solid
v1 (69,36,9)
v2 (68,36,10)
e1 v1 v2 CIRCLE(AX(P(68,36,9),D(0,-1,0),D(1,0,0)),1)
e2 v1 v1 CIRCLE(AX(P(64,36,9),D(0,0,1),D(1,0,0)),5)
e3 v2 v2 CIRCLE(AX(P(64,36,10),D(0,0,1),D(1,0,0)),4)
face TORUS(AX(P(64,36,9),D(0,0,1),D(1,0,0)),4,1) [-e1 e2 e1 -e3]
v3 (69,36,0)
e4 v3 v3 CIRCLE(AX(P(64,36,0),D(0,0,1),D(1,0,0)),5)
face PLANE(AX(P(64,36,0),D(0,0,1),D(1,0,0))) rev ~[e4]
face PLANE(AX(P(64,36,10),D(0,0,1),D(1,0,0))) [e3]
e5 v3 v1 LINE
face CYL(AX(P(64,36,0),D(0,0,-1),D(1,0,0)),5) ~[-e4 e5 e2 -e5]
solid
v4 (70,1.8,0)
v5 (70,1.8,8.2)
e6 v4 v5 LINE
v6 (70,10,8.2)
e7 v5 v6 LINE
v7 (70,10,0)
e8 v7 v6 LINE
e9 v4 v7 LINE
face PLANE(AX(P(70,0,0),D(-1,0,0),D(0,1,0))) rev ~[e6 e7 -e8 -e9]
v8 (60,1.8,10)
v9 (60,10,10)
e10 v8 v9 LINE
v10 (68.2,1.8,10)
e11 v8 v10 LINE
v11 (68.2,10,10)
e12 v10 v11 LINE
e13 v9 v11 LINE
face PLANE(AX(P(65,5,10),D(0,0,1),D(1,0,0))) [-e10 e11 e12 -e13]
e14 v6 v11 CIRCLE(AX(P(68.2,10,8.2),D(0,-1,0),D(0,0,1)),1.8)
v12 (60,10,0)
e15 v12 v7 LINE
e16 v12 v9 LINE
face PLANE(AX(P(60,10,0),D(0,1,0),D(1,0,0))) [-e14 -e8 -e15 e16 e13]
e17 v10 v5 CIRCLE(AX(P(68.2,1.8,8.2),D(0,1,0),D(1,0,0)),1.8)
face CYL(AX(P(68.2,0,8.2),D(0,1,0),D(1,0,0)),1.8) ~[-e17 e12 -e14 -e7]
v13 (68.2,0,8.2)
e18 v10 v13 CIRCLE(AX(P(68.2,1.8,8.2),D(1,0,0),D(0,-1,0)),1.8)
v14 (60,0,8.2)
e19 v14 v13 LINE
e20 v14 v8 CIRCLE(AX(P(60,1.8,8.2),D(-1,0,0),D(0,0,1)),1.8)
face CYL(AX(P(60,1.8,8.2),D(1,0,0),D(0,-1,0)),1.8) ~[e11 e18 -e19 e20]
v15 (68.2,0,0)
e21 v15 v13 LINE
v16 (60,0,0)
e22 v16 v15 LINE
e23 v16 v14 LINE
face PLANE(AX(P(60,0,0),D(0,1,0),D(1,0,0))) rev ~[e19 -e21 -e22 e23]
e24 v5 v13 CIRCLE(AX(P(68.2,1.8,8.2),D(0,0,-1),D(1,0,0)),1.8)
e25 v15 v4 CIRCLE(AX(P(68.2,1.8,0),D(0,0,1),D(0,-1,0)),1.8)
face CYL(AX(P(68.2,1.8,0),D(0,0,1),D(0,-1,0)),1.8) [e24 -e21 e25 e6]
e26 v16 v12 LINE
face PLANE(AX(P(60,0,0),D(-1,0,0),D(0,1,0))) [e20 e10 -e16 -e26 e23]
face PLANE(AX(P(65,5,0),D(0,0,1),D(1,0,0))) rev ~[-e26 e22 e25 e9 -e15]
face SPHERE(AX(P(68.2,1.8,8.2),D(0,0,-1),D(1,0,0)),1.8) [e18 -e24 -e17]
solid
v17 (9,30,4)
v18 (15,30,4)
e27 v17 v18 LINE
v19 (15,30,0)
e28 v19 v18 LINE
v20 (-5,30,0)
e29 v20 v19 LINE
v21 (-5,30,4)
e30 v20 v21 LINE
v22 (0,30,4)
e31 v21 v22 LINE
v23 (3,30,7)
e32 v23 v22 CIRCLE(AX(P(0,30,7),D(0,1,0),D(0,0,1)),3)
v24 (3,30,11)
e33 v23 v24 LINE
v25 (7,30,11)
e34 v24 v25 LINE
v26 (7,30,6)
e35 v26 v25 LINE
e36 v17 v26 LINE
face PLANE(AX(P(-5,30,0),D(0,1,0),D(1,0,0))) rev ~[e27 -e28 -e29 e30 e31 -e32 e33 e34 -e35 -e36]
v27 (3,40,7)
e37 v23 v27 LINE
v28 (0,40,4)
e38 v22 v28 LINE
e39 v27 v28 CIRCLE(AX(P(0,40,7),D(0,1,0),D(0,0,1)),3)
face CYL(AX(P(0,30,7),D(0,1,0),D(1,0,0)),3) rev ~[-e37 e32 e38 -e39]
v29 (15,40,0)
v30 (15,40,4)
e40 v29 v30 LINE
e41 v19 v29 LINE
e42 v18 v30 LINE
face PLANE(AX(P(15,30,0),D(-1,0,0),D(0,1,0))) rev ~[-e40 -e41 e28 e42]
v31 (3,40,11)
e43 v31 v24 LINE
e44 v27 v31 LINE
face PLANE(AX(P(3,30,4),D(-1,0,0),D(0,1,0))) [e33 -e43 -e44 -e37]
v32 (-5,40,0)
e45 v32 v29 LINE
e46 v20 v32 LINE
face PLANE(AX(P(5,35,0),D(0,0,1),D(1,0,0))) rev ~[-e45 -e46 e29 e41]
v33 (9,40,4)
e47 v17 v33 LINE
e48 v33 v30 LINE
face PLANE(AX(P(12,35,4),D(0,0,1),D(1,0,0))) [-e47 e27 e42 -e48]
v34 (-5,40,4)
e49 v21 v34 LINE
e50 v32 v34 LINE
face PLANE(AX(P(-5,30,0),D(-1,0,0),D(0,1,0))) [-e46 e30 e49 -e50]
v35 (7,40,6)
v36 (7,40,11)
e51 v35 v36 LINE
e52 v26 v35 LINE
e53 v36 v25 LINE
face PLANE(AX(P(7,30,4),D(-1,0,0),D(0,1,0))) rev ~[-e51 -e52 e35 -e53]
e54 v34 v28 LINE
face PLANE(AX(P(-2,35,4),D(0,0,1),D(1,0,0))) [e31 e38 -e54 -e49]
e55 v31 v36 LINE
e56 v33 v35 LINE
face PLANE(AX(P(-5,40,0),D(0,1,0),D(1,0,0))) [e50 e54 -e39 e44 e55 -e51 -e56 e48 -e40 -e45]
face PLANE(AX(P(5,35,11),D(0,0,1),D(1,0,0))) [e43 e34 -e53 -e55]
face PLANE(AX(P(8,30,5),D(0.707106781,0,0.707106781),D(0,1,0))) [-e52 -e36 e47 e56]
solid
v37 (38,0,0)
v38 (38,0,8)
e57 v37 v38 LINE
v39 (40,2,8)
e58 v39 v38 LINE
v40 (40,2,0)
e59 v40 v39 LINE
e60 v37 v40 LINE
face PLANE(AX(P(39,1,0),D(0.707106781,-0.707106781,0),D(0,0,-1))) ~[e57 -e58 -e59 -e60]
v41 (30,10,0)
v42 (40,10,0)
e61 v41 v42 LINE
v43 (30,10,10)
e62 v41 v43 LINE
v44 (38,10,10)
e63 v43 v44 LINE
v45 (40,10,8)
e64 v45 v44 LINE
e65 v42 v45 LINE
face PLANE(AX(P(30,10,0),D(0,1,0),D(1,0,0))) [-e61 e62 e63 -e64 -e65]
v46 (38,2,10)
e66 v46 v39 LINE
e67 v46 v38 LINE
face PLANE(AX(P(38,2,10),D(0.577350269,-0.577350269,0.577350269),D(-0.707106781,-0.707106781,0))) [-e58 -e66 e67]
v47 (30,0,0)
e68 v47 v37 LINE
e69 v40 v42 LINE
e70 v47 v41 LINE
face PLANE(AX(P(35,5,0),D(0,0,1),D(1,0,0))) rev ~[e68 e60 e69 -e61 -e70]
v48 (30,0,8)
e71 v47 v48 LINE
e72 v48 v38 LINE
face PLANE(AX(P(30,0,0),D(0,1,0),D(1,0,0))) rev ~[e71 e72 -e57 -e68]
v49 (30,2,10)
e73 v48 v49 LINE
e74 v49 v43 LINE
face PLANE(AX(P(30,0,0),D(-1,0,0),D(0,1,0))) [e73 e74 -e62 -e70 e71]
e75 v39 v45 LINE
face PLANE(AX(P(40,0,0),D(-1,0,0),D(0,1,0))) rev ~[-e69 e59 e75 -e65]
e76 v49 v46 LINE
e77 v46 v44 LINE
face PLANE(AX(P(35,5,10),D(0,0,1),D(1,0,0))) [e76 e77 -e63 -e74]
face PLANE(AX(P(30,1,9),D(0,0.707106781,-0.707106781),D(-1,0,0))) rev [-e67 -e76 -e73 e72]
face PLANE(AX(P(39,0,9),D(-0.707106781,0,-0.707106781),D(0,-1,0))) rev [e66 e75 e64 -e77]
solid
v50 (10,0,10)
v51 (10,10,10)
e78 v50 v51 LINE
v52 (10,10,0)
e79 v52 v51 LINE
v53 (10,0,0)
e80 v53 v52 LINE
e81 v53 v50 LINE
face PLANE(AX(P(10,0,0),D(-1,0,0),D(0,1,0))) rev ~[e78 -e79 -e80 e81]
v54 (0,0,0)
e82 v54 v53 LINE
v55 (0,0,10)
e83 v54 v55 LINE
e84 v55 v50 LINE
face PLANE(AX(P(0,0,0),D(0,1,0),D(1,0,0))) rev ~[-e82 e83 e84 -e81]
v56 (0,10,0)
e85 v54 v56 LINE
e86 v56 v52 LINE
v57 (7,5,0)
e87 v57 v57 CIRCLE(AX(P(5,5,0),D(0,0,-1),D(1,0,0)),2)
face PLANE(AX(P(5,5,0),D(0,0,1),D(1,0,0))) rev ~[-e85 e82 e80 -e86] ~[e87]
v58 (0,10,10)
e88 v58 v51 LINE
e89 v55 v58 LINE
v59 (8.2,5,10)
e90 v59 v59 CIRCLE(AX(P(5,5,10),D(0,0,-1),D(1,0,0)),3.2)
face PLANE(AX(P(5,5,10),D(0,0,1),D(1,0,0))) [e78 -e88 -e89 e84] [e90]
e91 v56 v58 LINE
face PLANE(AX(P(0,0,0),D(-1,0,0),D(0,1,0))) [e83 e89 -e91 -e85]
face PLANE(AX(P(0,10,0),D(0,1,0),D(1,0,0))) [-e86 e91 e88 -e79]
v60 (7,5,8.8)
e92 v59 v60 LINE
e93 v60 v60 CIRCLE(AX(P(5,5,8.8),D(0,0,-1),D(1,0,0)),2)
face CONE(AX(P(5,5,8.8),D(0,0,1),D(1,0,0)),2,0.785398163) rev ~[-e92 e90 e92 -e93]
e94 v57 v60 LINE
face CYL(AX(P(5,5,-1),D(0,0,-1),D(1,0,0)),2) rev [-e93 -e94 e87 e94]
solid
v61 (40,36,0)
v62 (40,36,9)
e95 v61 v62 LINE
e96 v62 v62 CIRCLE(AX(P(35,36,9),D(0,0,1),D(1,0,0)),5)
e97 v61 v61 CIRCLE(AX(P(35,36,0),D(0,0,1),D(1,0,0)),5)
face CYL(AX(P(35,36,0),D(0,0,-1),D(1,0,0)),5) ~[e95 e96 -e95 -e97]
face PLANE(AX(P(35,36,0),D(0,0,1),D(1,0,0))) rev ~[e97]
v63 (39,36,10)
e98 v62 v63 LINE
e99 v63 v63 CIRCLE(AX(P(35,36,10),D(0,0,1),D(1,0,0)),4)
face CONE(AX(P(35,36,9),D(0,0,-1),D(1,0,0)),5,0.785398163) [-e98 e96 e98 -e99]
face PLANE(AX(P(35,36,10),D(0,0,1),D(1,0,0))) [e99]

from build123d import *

# Parameters (mm, degrees)
BOX002_W          = 10
BOX002_H          = 10
BOX002_DEPTH      = 10
FILLET_R          = 1.8
BOX001_W          = 10
BOX001_H          = 10
BOX001_DEPTH      = 10
CHAMFER_SIZE      = 2
CYLINDER_R        = 2
CYLINDER_DEPTH    = 12
BOX_W             = 10
BOX_H             = 10
BOX_DEPTH         = 10
CHAMFER001_SIZE   = 1.2
CYLINDER002_R     = 5
CYLINDER002_DEPTH = 10
FILLET001_R       = 1
CYLINDER001_R     = 5
CYLINDER001_DEPTH = 10
CHAMFER002_SIZE   = 1
BOX005_W          = 10
BOX005_H          = 10
BOX005_DEPTH      = 10
BOX004_W          = 10
BOX004_H          = 10
BOX004_DEPTH      = 10
BOX003_W          = 20
BOX003_H          = 10
BOX003_DEPTH      = 11
CHAMFER003_SIZE   = 2
FILLET002_R       = 3


with BuildPart() as fillet_body:
    # Box002 → Box002 (new body)
    with BuildSketch(Plane(origin=(60, 0, 0), x_dir=(1, 0, 0), z_dir=(0, 0, 1))):
        with Locations((5, 5)):
            Rectangle(BOX002_W, BOX002_H)
    extrude(amount=BOX002_DEPTH)

    # Fillet
    fillet_edges = [fillet_body.edges().sort_by_distance(p)[0] for p in [
        (70, 0, 5),
        (70, 5, 10),
        (65, 0, 10),
    ]]
    fillet(fillet_edges, radius=FILLET_R)


with BuildPart() as chamfer_body:
    # Box001 → Box001 (new body)
    with BuildSketch(Plane(origin=(30, 0, 0), x_dir=(1, 0, 0), z_dir=(0, 0, 1))):
        with Locations((5, 5)):
            Rectangle(BOX001_W, BOX001_H)
    extrude(amount=BOX001_DEPTH)

    # Chamfer
    chamfer_edges = [chamfer_body.edges().sort_by_distance(p)[0] for p in [
        (40, 0, 5),
        (40, 5, 10),
        (35, 0, 10),
    ]]
    chamfer(chamfer_edges, length=CHAMFER_SIZE)


with BuildPart() as cilindre:
    # Cylinder → Cylinder (new body)
    with BuildSketch(Plane(origin=(5, 5, -1), x_dir=(1, 0, 0), z_dir=(0, 0, 1))):
        Circle(CYLINDER_R)
    extrude(amount=CYLINDER_DEPTH)


with BuildPart() as chamfer001:
    # Box → Box (new body)
    with BuildSketch(Plane.XY):
        with Locations((5, 5)):
            Rectangle(BOX_W, BOX_H)
    extrude(amount=BOX_DEPTH)

    # Cut: cut Cilindre
    add(cilindre.part, mode=Mode.SUBTRACT)

    # Chamfer001
    chamfer001_edges = [chamfer001.edges().sort_by_distance(p)[0] for p in [
        (3, 5, 10),
    ]]
    chamfer(chamfer001_edges, length=CHAMFER001_SIZE)


with BuildPart() as fillet001:
    # Cylinder002 → Cylinder002 (new body)
    with BuildSketch(Plane(origin=(64, 36, 0), x_dir=(1, 0, 0), z_dir=(0, 0, 1))):
        Circle(CYLINDER002_R)
    extrude(amount=CYLINDER002_DEPTH)

    # Fillet001
    fillet001_edges = [fillet001.edges().sort_by_distance(p)[0] for p in [
        (59, 36, 10),
    ]]
    fillet(fillet001_edges, radius=FILLET001_R)


with BuildPart() as chamfer002:
    # Cylinder001 → Cylinder001 (new body)
    with BuildSketch(Plane(origin=(35, 36, 0), x_dir=(1, 0, 0), z_dir=(0, 0, 1))):
        Circle(CYLINDER001_R)
    extrude(amount=CYLINDER001_DEPTH)

    # Chamfer002
    chamfer002_edges = [chamfer002.edges().sort_by_distance(p)[0] for p in [
        (30, 36, 10),
    ]]
    chamfer(chamfer002_edges, length=CHAMFER002_SIZE)


with BuildPart() as cub005:
    # Box005 → Box005 (new body)
    with BuildSketch(Plane(origin=(7, 30, 4), x_dir=(1, 0, 0), z_dir=(0, 0, 1))):
        with Locations((5, 5)):
            Rectangle(BOX005_W, BOX005_H)
    extrude(amount=BOX005_DEPTH)


with BuildPart() as cub004:
    # Box004 → Box004 (new body)
    with BuildSketch(Plane(origin=(-7, 30, 4), x_dir=(1, 0, 0), z_dir=(0, 0, 1))):
        with Locations((5, 5)):
            Rectangle(BOX004_W, BOX004_H)
    extrude(amount=BOX004_DEPTH)


with BuildPart() as fillet002:
    # Box003 → Box003 (new body)
    with BuildSketch(Plane(origin=(-5, 30, 0), x_dir=(1, 0, 0), z_dir=(0, 0, 1))):
        with Locations((10, 5)):
            Rectangle(BOX003_W, BOX003_H)
    extrude(amount=BOX003_DEPTH)

    # Cut001: cut Cub004
    add(cub004.part, mode=Mode.SUBTRACT)

    # Cut002: cut Cub005
    add(cub005.part, mode=Mode.SUBTRACT)

    # Chamfer003
    chamfer003_edges = [fillet002.edges().sort_by_distance(p)[0] for p in [
        (7, 35, 4),
    ]]
    chamfer(chamfer003_edges, length=CHAMFER003_SIZE)

    # Fillet002
    fillet002_edges = [fillet002.edges().sort_by_distance(p)[0] for p in [
        (3, 35, 4),
    ]]
    fillet(fillet002_edges, radius=FILLET002_R)


solid = Compound([fillet_body.part, chamfer_body.part, chamfer001.part, fillet001.part, chamfer002.part, fillet002.part])
